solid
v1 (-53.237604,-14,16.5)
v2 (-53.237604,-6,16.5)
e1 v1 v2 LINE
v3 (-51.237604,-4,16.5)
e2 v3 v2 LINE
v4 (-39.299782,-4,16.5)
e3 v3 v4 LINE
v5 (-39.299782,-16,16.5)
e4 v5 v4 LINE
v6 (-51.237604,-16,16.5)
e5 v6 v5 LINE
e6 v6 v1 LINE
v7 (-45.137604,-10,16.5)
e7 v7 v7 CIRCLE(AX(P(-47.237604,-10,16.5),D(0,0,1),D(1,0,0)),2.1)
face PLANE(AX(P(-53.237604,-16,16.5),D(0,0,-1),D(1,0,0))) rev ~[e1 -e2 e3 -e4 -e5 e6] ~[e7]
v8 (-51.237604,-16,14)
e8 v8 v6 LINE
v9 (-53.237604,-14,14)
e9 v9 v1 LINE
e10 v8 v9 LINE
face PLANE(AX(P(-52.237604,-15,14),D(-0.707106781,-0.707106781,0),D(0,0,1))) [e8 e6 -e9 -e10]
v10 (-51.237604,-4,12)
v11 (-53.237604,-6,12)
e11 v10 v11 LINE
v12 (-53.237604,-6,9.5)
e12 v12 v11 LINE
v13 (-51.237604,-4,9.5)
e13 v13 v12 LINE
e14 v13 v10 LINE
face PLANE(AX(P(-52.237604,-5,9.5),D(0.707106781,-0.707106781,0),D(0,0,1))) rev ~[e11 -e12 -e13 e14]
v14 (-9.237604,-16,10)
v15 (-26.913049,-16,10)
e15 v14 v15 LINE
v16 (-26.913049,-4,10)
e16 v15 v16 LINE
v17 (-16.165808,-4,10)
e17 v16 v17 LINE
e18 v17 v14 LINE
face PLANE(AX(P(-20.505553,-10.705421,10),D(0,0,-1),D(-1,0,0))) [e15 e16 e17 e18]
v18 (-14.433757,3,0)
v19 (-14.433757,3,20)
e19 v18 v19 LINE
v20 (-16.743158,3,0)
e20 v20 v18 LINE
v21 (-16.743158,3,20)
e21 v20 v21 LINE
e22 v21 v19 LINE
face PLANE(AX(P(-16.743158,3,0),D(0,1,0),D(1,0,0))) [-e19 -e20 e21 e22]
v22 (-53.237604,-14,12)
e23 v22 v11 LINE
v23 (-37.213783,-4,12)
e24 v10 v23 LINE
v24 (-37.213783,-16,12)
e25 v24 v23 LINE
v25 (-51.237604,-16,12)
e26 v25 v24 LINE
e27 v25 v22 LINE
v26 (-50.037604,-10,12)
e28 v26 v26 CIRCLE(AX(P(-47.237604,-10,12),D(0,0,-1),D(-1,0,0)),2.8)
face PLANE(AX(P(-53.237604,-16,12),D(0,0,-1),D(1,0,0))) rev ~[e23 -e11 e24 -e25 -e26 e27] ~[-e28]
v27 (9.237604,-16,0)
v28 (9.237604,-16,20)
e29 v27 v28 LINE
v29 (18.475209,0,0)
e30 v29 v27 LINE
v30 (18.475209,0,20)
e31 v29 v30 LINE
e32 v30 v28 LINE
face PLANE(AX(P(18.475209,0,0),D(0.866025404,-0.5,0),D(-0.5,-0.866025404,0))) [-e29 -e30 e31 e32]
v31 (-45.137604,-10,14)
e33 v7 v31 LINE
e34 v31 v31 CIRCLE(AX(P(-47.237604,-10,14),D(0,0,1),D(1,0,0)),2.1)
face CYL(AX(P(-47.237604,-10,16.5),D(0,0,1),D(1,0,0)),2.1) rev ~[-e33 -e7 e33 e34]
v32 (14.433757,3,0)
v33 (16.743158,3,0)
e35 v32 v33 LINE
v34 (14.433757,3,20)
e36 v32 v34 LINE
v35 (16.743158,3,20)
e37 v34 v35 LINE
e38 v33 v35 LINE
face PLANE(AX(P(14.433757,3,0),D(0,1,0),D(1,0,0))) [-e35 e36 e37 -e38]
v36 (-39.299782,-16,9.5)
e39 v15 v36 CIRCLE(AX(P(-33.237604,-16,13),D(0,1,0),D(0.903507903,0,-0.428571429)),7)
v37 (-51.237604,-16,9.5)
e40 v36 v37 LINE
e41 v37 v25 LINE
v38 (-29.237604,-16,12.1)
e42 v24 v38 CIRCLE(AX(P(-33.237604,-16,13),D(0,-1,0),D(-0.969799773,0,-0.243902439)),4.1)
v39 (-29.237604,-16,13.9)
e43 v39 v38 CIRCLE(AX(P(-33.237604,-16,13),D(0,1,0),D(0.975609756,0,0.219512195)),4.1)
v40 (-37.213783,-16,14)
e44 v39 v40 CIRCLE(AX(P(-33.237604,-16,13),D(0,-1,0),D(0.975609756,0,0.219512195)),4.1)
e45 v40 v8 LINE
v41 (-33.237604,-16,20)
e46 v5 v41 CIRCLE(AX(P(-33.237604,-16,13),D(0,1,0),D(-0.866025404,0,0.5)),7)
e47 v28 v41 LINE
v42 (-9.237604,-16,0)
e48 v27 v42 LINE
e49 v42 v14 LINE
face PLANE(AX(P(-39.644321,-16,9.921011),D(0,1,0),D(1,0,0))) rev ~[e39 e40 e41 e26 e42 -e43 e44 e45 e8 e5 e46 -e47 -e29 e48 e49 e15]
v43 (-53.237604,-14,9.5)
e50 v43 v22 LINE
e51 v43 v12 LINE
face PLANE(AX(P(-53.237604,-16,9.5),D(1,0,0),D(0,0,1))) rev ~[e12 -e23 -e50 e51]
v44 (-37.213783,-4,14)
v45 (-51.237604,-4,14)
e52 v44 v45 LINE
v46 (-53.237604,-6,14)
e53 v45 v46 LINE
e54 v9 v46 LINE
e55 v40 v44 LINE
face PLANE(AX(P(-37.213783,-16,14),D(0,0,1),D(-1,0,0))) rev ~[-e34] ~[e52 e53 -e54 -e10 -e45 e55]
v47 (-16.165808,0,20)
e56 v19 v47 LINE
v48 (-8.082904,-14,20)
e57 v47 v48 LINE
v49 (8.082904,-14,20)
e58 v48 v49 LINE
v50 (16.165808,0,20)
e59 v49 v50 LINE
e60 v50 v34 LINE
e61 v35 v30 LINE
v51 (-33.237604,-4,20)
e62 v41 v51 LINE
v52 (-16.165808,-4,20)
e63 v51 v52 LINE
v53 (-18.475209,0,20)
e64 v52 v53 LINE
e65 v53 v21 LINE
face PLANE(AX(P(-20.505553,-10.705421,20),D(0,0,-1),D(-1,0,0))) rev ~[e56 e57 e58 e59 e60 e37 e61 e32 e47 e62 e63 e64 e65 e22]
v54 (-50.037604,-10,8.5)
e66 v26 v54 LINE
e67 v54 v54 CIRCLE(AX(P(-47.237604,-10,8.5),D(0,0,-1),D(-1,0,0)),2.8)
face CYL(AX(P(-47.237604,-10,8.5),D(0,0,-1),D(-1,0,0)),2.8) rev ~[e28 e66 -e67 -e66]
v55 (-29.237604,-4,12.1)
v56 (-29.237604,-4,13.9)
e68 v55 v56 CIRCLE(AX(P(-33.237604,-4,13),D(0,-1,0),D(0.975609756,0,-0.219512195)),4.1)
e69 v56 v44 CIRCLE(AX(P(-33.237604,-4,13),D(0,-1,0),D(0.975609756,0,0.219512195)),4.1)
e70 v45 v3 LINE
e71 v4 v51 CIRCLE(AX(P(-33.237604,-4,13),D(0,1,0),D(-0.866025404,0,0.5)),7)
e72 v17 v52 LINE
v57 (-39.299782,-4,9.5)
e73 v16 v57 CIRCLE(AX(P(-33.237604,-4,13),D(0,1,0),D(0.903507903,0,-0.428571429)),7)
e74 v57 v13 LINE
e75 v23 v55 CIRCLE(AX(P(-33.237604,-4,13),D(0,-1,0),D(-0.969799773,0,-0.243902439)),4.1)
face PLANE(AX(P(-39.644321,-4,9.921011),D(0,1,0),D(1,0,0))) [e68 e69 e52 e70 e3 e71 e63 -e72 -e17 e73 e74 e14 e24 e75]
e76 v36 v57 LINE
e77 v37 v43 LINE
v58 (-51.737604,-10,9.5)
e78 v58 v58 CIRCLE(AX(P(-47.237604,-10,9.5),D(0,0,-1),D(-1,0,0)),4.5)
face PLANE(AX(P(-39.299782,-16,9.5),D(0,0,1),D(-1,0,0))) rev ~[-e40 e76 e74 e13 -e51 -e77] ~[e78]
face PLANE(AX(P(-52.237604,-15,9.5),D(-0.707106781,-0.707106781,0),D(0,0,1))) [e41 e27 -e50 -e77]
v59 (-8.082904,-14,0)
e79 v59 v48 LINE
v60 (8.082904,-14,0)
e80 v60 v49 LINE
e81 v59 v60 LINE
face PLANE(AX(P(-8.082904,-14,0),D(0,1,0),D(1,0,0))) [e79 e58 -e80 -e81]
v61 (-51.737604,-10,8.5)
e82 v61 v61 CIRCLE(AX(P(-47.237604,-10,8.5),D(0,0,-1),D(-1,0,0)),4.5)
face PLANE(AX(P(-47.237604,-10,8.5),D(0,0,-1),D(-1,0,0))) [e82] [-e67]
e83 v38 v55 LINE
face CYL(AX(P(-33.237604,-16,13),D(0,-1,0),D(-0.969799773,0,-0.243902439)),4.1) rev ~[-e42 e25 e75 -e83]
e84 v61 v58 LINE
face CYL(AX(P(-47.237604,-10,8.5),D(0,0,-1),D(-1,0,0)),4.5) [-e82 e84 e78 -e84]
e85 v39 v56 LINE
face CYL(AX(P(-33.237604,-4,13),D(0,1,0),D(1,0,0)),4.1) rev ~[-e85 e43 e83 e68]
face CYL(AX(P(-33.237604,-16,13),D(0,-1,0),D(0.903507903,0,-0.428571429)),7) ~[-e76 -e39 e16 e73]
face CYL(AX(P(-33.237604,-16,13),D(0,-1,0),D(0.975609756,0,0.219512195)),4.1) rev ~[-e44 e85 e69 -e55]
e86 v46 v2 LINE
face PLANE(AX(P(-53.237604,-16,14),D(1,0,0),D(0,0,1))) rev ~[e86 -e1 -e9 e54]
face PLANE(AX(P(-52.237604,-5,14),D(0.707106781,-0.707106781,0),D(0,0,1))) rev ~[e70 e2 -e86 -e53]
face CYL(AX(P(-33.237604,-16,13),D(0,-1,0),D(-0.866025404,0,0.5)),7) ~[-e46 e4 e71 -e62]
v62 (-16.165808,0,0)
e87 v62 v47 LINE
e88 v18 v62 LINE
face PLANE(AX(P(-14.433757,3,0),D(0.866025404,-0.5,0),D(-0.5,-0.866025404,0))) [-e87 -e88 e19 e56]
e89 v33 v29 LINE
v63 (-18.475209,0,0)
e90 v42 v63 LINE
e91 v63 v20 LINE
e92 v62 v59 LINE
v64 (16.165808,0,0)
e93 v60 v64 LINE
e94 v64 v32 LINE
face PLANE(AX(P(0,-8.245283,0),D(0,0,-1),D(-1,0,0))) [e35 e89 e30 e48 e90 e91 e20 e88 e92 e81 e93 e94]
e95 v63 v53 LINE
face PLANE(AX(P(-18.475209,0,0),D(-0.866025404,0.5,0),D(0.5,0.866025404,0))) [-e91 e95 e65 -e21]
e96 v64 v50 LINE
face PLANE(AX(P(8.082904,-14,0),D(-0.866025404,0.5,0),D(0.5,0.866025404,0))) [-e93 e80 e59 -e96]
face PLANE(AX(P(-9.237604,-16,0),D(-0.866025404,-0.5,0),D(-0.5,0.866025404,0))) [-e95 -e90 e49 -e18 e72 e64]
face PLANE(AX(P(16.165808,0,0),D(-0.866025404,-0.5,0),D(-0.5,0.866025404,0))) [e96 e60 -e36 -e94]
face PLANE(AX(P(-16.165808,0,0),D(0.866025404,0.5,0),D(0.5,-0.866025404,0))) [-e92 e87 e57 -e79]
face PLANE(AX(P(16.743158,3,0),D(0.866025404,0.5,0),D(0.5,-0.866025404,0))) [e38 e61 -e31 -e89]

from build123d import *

# Parameters (mm, degrees)
P_IDAT_VYSUNUT_M1_DEPTH  = 20
P_IDAT_VYSUNUT_M2_DEPTH  = 10
P_IDAT_START             = -16
P_IDAT_VYSUNUT_M3_DEPTH  = 12
ODEBRAT_START            = -4
SKICA4_R                 = 4.1
ODEBRAT_VYSUNUT_M1_DEPTH = 56.078274453
ODEBRAT_VYSUNUT_M5_REACH = 59.987
SKICA11_R                = 2.1
ODEBRAT_VYSUNUT_M6_REACH = 58.573
SKICA12_R                = 2.8
ZKOSEN_2_SIZE            = 2
P_IDAT_START_2           = 1
SKICA13_R                = 4.5
SKICA13_R_2              = 2.8
P_IDAT_VYSUNUT_M5_DEPTH  = 1


with BuildPart() as part:
    # Skica1 → Přidat vysunutím1 (new body)
    with BuildSketch(Plane.XY):
        Polygon((-14.43375673, 3), (-16.165807537, 0), (-8.082903769, -14), (8.082903769, -14), (16.165807537, 0), (14.43375673, 3), (16.743157806, 3), (18.475208614, 0), (9.237604307, -16), (-9.237604307, -16), (-18.475208614, 0), (-16.743157806, 3), align=None)
    extrude(amount=P_IDAT_VYSUNUT_M1_DEPTH)

    # Skica2 → Přidat vysunutím2 (add)
    with BuildSketch(Plane.XY.offset(10)):
        Polygon((-9.237604307, -16), (-29.237604307, -16), (-29.237604307, -4), (-16.165807537, -4), align=None)
    extrude(amount=P_IDAT_VYSUNUT_M2_DEPTH)

    # Skica3 → Přidat vysunutím3 (add)
    with BuildSketch(Plane(origin=(0, 0, 0), x_dir=(1, 0, 0), z_dir=(0, 1, 0)).offset(P_IDAT_START)):
        with BuildLine():
            Line((-29.237604307, -12.1), (-29.237604307, -10))
            Line((-29.237604307, -10), (-26.913048987, -10))
            ThreePointArc((-26.913048987, -10), (-32.955273849, -6.005695924), (-39.299782134, -9.5))
            Line((-39.299782134, -9.5), (-53.237604307, -9.5))
            Line((-53.237604307, -9.5), (-53.237604307, -12))
            Line((-53.237604307, -12), (-37.213783377, -12))
            ThreePointArc((-37.213783377, -12), (-33.186205288, -8.900322191), (-29.237604307, -12.1))
        make_face()
        with BuildLine():
            Line((-53.237604307, -14), (-53.237604307, -16.5))
            Line((-53.237604307, -16.5), (-39.299782134, -16.5))
            ThreePointArc((-39.299782134, -16.5), (-36.737604307, -19.062177826), (-33.237604307, -20))
            Line((-33.237604307, -20), (-29.237604307, -20))
            Line((-29.237604307, -20), (-29.237604307, -13.9))
            ThreePointArc((-29.237604307, -13.9), (-33.186205288, -17.099677809), (-37.213783377, -14))
            Line((-37.213783377, -14), (-53.237604307, -14))
        make_face()
    extrude(amount=P_IDAT_VYSUNUT_M3_DEPTH)

    # Skica4 → Odebrat vysunutím1 (cut, through all)
    with BuildSketch(Plane(origin=(0, 0, 0), x_dir=(1, 0, 0), z_dir=(0, 1, 0)).offset(ODEBRAT_START)):
        with Locations((-33.237604307, -13)):
            Circle(SKICA4_R)
    extrude(amount=-ODEBRAT_VYSUNUT_M1_DEPTH, mode=Mode.SUBTRACT)

    # Skica11 → Odebrat vysunutím5 (cut, up to next)
    with BuildSketch(Plane.XY.offset(16.5), mode=Mode.PRIVATE) as odebrat_vysunut_m5_sk1:
        with Locations((-47.237604307, -10)):
            Circle(SKICA11_R)
    odebrat_vysunut_m5_tool1 = extrude(odebrat_vysunut_m5_sk1.sketch, amount=-ODEBRAT_VYSUNUT_M5_REACH, mode=Mode.PRIVATE) & part.part
    add(odebrat_vysunut_m5_tool1.solids().sort_by_distance((-47.237604, -10, 16.5))[0], mode=Mode.SUBTRACT)

    # Skica12 → Odebrat vysunutím6 (cut, up to next)
    with BuildSketch(Plane(origin=(0, 0, 9.5), x_dir=(-1, 0, 0), z_dir=(0, 0, -1)), mode=Mode.PRIVATE) as odebrat_vysunut_m6_sk1:
        with Locations((47.237604307, -10)):
            Circle(SKICA12_R)
    odebrat_vysunut_m6_tool1 = extrude(odebrat_vysunut_m6_sk1.sketch, amount=-ODEBRAT_VYSUNUT_M6_REACH, mode=Mode.PRIVATE) & part.part
    add(odebrat_vysunut_m6_tool1.solids().sort_by_distance((-47.237604, -10, 9.5))[0], mode=Mode.SUBTRACT)

    # Zkosení2
    zkosen_2_edges = [part.edges().sort_by_distance(p)[0] for p in [
        (-53.237604307, -4, 10.75),
        (-53.237604307, -16, 10.75),
        (-53.237604307, -4, 15.25),
        (-53.237604307, -16, 15.25),
    ]]
    chamfer(zkosen_2_edges, length=ZKOSEN_2_SIZE)

    # Skica13 → Přidat vysunutím5 (add)
    with BuildSketch(Plane(origin=(0, 0, 9.5), x_dir=(-1, 0, 0), z_dir=(0, 0, -1)).offset(P_IDAT_START_2)):
        with Locations((47.237604307, -10)):
            Circle(SKICA13_R)
        with Locations((47.237604307, -10)):
            Circle(SKICA13_R_2, mode=Mode.SUBTRACT)
    extrude(amount=-P_IDAT_VYSUNUT_M5_DEPTH)


solid = part.part
